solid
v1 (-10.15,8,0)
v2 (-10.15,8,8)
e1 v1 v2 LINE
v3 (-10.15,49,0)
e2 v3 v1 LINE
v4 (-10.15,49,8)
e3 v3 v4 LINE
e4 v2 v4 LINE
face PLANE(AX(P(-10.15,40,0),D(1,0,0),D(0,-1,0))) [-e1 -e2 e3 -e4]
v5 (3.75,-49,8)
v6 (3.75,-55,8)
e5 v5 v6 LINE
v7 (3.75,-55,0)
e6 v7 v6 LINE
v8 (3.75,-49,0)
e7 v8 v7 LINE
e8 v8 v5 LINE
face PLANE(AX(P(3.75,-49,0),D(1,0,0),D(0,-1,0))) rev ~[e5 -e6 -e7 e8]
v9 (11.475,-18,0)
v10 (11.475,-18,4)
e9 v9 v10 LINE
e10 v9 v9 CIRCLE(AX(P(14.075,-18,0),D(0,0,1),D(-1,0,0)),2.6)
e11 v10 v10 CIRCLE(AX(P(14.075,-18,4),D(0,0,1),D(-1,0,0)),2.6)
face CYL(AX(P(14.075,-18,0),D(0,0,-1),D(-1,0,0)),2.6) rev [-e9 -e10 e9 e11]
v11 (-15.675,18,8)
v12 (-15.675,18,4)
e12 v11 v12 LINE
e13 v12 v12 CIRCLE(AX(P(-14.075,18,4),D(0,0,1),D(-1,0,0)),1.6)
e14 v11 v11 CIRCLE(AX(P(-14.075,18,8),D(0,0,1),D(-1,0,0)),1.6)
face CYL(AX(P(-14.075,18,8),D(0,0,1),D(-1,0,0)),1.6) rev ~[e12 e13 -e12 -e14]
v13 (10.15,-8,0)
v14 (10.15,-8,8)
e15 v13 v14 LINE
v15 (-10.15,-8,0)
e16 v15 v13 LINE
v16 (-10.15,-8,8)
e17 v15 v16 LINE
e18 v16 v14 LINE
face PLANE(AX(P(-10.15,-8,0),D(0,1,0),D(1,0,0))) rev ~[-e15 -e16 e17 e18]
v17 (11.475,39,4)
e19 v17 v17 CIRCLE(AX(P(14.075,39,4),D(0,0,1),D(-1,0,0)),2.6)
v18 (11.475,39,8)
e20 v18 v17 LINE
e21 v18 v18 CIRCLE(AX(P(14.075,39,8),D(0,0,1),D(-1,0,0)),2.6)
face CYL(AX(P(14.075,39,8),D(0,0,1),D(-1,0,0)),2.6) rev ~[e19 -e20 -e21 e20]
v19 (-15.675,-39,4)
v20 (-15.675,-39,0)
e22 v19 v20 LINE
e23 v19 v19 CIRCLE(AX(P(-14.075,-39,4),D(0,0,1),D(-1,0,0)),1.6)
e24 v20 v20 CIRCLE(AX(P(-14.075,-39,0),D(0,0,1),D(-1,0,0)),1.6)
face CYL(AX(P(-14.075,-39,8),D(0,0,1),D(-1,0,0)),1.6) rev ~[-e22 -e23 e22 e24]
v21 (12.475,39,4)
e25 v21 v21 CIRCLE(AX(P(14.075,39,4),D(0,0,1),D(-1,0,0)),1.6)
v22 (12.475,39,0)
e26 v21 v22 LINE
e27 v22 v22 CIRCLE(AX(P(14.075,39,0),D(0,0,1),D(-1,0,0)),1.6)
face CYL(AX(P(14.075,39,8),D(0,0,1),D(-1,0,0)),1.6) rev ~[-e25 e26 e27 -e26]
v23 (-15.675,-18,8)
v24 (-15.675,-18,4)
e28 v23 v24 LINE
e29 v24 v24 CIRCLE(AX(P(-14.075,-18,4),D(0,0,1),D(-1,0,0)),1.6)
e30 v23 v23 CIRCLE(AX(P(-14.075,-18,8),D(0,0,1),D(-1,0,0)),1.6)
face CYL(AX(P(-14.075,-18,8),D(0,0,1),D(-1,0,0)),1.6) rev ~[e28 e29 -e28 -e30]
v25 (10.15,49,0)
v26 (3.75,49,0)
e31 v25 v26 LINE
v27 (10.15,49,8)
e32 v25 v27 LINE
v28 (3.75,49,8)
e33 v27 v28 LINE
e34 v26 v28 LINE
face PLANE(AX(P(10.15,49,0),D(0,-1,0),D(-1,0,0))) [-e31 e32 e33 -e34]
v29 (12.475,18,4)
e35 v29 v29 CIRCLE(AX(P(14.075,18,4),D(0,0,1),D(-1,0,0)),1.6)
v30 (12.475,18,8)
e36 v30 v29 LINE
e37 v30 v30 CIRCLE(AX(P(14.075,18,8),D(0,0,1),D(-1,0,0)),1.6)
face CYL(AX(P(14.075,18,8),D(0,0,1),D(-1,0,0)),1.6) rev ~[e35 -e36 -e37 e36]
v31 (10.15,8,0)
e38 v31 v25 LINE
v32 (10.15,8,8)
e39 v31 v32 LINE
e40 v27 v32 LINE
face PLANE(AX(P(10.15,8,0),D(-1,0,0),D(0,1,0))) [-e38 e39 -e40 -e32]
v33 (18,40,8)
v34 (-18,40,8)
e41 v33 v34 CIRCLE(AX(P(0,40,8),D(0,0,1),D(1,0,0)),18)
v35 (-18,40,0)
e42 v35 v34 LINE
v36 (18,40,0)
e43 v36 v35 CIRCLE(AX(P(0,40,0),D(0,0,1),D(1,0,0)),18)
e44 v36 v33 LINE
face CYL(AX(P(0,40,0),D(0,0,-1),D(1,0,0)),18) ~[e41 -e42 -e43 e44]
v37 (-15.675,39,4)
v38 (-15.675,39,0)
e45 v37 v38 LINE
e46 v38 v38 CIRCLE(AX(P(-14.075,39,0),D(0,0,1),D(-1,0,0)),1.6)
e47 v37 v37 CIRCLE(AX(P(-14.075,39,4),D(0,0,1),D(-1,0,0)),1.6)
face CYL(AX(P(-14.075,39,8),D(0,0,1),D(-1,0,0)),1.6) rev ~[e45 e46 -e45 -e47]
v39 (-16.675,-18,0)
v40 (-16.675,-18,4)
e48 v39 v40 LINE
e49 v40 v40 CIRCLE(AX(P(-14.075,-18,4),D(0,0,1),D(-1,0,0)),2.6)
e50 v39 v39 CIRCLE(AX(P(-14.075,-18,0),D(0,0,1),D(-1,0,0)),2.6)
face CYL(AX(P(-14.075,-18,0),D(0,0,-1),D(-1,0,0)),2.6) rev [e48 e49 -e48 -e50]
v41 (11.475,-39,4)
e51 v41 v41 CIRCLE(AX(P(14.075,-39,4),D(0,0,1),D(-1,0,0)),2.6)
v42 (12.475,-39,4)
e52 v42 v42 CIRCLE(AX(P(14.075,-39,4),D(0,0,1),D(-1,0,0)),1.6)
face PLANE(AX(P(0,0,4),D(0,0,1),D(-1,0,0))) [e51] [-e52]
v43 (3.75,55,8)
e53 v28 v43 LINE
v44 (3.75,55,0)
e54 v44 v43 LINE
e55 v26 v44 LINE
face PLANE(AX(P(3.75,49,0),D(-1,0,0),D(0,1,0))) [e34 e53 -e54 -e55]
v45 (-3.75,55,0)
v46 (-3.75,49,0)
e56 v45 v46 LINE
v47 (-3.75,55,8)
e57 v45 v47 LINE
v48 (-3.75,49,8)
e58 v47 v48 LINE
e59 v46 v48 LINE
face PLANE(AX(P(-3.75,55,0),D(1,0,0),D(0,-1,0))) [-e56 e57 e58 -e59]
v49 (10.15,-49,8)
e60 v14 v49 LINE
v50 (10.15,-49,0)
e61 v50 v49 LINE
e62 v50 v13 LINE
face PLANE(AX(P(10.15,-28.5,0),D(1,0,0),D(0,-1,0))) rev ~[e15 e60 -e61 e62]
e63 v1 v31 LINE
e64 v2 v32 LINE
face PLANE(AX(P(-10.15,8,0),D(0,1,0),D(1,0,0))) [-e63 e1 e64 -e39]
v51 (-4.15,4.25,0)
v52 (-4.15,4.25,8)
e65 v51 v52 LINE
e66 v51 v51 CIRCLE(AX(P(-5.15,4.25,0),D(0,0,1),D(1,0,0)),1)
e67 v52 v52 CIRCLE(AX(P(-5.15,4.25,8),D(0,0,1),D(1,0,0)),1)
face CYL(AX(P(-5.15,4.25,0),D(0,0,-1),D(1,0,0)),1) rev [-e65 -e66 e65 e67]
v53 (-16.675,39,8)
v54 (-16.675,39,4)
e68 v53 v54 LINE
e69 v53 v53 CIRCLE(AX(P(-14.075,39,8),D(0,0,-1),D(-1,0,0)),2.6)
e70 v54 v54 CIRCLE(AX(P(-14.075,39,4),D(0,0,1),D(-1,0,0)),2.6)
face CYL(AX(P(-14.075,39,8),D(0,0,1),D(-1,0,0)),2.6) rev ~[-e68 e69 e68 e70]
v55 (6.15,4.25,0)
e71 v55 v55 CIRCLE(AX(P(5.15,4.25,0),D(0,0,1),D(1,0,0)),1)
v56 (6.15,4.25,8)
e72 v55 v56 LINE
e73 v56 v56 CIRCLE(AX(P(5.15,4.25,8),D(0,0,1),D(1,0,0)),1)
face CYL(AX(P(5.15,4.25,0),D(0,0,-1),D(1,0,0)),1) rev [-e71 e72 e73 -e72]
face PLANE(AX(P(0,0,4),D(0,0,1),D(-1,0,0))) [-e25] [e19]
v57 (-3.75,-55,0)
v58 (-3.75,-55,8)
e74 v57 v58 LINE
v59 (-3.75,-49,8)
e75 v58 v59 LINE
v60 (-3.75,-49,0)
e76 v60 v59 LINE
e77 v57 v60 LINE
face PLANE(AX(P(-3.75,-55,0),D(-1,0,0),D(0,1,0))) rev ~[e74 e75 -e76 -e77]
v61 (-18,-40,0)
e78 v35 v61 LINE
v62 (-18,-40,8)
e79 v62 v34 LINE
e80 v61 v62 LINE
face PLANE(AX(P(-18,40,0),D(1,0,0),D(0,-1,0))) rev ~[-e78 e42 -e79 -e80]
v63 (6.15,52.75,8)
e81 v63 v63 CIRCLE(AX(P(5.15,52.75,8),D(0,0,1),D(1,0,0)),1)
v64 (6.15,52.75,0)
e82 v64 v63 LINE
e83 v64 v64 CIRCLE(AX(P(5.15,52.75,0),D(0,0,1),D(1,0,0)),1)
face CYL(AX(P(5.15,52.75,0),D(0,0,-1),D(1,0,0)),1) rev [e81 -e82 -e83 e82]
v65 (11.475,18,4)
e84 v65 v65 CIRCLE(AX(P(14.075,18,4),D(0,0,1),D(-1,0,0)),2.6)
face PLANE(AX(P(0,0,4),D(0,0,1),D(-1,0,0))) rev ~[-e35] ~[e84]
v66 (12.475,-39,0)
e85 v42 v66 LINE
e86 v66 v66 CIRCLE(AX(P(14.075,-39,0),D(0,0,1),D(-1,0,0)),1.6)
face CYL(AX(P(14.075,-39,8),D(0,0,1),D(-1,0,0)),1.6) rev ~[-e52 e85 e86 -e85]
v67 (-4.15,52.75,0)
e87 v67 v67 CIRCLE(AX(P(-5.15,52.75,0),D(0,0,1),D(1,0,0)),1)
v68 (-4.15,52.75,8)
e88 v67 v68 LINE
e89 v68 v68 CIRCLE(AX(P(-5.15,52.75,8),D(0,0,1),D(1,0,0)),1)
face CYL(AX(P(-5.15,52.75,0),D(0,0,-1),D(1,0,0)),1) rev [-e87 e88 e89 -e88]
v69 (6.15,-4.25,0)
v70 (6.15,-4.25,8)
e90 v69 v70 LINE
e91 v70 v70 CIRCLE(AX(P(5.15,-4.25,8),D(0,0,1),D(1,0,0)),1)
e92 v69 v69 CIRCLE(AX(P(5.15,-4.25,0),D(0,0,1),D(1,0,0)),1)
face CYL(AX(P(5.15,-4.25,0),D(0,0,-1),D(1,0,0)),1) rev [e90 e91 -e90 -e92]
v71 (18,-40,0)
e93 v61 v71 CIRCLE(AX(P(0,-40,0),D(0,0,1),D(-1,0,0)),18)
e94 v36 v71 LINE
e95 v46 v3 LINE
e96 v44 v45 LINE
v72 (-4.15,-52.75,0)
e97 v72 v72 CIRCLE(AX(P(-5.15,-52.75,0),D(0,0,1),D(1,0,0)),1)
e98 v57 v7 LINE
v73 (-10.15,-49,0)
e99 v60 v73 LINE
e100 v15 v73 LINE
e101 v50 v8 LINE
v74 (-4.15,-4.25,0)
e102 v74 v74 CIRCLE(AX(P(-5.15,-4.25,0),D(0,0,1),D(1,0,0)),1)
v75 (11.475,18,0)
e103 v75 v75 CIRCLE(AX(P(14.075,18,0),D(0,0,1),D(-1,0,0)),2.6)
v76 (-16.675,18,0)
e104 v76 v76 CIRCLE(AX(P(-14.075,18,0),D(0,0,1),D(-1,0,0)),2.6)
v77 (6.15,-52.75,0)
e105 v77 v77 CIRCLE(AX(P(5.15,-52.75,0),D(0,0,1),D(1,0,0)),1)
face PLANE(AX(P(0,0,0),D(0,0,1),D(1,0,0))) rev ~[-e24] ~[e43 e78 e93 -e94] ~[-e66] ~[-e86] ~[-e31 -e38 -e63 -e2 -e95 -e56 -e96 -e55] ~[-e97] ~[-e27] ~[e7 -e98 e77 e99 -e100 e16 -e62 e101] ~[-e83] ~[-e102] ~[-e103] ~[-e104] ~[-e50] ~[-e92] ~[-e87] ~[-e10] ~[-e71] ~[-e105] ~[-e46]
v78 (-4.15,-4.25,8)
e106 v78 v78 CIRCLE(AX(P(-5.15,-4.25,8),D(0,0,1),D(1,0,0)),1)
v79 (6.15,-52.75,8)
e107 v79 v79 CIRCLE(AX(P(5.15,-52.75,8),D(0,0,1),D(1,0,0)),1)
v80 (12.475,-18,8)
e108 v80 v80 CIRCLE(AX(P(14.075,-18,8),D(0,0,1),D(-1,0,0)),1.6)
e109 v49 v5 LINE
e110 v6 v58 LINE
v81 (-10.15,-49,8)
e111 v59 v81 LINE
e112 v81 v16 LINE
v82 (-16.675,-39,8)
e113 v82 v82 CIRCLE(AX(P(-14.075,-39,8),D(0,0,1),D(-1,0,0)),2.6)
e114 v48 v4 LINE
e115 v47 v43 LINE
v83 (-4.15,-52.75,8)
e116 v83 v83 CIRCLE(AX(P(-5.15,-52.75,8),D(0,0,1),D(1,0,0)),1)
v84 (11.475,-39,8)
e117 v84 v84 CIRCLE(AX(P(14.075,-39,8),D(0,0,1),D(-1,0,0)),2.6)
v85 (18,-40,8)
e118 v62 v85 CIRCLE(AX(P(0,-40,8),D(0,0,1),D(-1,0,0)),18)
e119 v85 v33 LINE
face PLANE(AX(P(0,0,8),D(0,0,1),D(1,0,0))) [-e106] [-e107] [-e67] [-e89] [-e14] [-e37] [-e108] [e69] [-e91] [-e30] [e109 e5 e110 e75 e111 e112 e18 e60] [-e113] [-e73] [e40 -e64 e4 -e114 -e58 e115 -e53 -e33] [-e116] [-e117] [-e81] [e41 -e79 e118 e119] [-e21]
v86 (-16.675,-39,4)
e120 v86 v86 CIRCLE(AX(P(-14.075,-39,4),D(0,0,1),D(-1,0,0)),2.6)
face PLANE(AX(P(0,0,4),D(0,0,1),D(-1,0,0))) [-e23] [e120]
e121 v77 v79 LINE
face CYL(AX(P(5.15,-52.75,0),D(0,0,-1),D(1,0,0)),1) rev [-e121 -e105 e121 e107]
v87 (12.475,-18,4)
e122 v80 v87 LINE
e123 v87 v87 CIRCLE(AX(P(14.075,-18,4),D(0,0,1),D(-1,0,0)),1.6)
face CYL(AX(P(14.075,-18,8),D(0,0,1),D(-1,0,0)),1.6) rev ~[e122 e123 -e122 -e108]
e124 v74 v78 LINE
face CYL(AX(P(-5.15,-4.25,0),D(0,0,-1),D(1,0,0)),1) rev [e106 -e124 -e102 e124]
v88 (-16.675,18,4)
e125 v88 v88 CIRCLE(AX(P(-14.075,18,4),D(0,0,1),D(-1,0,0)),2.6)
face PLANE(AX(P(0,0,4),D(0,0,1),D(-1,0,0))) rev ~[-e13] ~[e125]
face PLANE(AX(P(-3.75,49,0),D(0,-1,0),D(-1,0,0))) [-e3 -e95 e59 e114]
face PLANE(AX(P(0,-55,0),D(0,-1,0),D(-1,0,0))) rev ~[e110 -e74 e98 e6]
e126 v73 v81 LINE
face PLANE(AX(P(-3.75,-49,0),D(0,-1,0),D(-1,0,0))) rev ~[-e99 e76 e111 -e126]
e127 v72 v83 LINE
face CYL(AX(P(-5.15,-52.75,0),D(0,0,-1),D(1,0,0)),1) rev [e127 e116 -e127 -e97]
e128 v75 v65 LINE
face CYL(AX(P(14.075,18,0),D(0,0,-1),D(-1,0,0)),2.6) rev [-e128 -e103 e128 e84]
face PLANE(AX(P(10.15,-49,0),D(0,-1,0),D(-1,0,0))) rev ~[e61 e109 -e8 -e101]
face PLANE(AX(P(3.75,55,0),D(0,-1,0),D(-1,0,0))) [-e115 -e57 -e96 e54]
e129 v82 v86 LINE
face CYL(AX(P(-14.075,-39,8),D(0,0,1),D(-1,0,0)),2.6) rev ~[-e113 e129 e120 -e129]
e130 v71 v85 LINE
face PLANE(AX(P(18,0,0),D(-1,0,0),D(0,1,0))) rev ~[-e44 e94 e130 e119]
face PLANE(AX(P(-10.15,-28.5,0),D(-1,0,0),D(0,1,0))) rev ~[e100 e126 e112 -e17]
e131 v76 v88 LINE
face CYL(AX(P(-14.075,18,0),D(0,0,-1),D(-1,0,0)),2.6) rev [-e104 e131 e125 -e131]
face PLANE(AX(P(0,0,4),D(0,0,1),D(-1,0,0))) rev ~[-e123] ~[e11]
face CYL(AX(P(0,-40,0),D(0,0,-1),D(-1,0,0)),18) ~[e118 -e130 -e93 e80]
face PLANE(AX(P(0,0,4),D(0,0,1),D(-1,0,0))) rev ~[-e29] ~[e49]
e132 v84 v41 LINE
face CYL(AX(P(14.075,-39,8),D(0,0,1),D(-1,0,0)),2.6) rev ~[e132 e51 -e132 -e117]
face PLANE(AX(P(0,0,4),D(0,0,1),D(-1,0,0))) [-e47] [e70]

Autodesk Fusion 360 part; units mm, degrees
sketch "Sketch1" plane through (0, 0, 0) normal (0, 0, 1) x (1, 0, 0)
  line L0 (18, 0) -> (18, 40)
  line L1 (18, 40) -> (-18, 40)
  line L2 (-18, 40) -> (-18, 0)
  arc A0 (18, 40) -> (-18, 40) centre (0, 40) ccw
  line L3 (-10.15, 8) -> (10.15, 8)
  line L4 (10.15, 8) -> (10.15, 49)
  line L5 (-10.15, 49) -> (-10.15, 8)
  line L6 (3.75, 49) -> (3.75, 55)
  line L7 (3.75, 55) -> (-3.75, 55)
  line L8 (-3.75, 55) -> (-3.75, 49)
  line L9 (10.15, 49) -> (3.75, 49)
  line L10 (-3.75, 49) -> (-10.15, 49)
  circle A1 centre (5.15, 52.75) radius 1
  line L11 (0, 55) -> (0, 40)
  line L12 (10.15, 28.5) -> (-10.15, 28.5)
  circle A2 centre (-5.15, 52.75) radius 1
  circle A3 centre (-5.15, 4.25) radius 1
  circle A4 centre (5.15, 4.25) radius 1
  line L13 (-18, 0) -> (18, 0)
  circle A5 centre (-5.15, -52.75) radius 1
  circle A6 centre (5.15, -4.25) radius 1
  line L14 (-10.15, -8) -> (10.15, -8)
  line L15 (18, 0) -> (18, -40)
  circle A7 centre (5.15, -52.75) radius 1
  line L16 (-10.15, -49) -> (-10.15, -8)
  circle A8 centre (-5.15, -4.25) radius 1
  line L17 (0, -55) -> (0, -40)
  line L18 (3.75, -49) -> (3.75, -55)
  line L19 (18, -40) -> (-18, -40)
  line L20 (-3.75, -55) -> (-3.75, -49)
  line L21 (10.15, -28.5) -> (-10.15, -28.5)
  line L22 (10.15, -8) -> (10.15, -49)
  line L23 (3.75, -55) -> (-3.75, -55)
  line L24 (10.15, -49) -> (3.75, -49)
  line L25 (-18, -40) -> (-18, 0)
  line L26 (-3.75, -49) -> (-10.15, -49)
  arc A9 (-18, -40) -> (18, -40) centre (0, -40) ccw
  point P0 (0, 40)
  point P1 (0, 8)
  point P2 (0, 55)
  point P3 (0, -55)
  point P4 (0, -8)
  point P5 (0, -40)
  dimension "d1" = 40
  dimension "d2" = 36
  dimension "d3" = 41
  dimension "d4" = 20.3
  dimension "d5" = 7.5
  dimension "d6" = 6
  dimension "d7" = 2
  dimension "d8" = 5
  dimension "d9" = 3.75
  dimension "d10" = 15
extrude "Extrude1" add sketch "Sketch1" along normal blind 8 contours L0 L1 L2 L3 L4 L5 L13 | L13 L14 L15 L16 L19 L22 L25 | L1 A0 L4 L5 L6 L7 L8 L9 L10 | L16 L18 L19 L20 L22 L23 L24 L26 A9
sketch "Sketch2" plane through (0, 0, 8) normal (0, 0, 1) x (-1, 0, 0)
  circle A0 centre (-5.15, -4.25) radius 1
  circle A1 centre (-5.15, -52.75) radius 1
  circle A2 centre (5.15, -52.75) radius 1
  line L0 (10.15, -49) -> (3.75, -49)
  line L1 (3.75, -49) -> (3.75, -55)
  line L2 (3.75, -55) -> (-3.75, -55)
  line L3 (-3.75, -55) -> (-3.75, -49)
  line L4 (-3.75, -49) -> (-10.15, -49)
  line L5 (-10.15, -49) -> (-10.15, -8)
  line L6 (-10.15, -8) -> (10.15, -8)
  line L7 (10.15, -8) -> (10.15, -49)
  circle A3 centre (5.15, -4.25) radius 1
  line L8 (-18, 40) -> (-18, -40)
  arc A4 (-18, -40) -> (18, -40) centre (0, -40) ccw
  line L9 (18, -40) -> (18, 40)
  circle A5 centre (14.075, -39) radius 1.6
  circle A6 centre (14.075, -39) radius 2.6
  line L10 (18, -39) -> (10.15, -39)
  line L11 (0, -55) -> (0, -8)
  line L12 (10.15, -28.5) -> (-10.15, -28.5)
  circle A7 centre (14.075, -18) radius 2.6
  circle A8 centre (14.075, -18) radius 1.6
  circle A9 centre (-14.075, -39) radius 1.6
  circle A10 centre (-14.075, -39) radius 2.6
  circle A11 centre (-14.075, -18) radius 1.6
  circle A12 centre (-14.075, -18) radius 2.6
  circle A13 centre (-5.15, 52.75) radius 1
  line L13 (3.75, 55) -> (3.75, 49)
  line L14 (3.75, 49) -> (10.15, 49)
  line L15 (10.15, 49) -> (10.15, 8)
  line L16 (10.15, 8) -> (-10.15, 8)
  line L17 (-10.15, 8) -> (-10.15, 49)
  line L18 (-10.15, 49) -> (-3.75, 49)
  line L19 (-3.75, 49) -> (-3.75, 55)
  line L20 (-3.75, 55) -> (3.75, 55)
  circle A14 centre (5.15, 52.75) radius 1
  circle A15 centre (5.15, 4.25) radius 1
  circle A16 centre (-5.15, 4.25) radius 1
  arc A17 (18, 40) -> (-18, 40) centre (0, 40) ccw
  line L21 (18, 0) -> (-18, 0)
  circle A18 centre (14.075, 18) radius 2.6
  circle A19 centre (14.075, 18) radius 1.6
  circle A20 centre (14.075, 39) radius 1.6
  circle A21 centre (14.075, 39) radius 2.6
  circle A22 centre (-14.075, 39) radius 1.6
  circle A23 centre (-14.075, 39) radius 2.6
  circle A24 centre (-14.075, 18) radius 1.6
  circle A25 centre (-14.075, 18) radius 2.6
  point P0 (14.075, -39)
  dimension "d25" = 3.2
  dimension "d26" = 5.2
  dimension "d28" = 10
extrude "Extrude2" cut sketch "Sketch2" against normal up to surface (8 mm away) contours A5 L10 | A5 L10 | A8 | A9 | A11 | A19 | A20 | A22 | A24
extrude "Extrude3" cut sketch "Sketch2" against normal blind 4 contours A5 A6 L10 | A5 A6 L10 | A10 | A21 | A23
sketch "Sketch3" plane through (0, 0, 0) normal (0, 0, 1) x (-1, 0, 0)
  circle A0 centre (-14.075, -18) radius 1.6
  circle A1 centre (14.075, 18) radius 1.6
  circle A2 centre (14.075, -18) radius 1.6
  circle A3 centre (-14.075, 18) radius 1.6
  circle A4 centre (-14.075, -39) radius 1.6
  circle A5 centre (14.075, 39) radius 1.6
  circle A6 centre (14.075, -39) radius 1.6
  circle A7 centre (-14.075, 39) radius 1.6
  circle A8 centre (-5.15, -4.25) radius 1
  circle A9 centre (-5.15, -52.75) radius 1
  circle A10 centre (-5.15, 52.75) radius 1
  circle A11 centre (5.15, -4.25) radius 1
  line L0 (3.75, 49) -> (3.75, 55)
  line L1 (3.75, 55) -> (-3.75, 55)
  line L2 (-3.75, 55) -> (-3.75, 49)
  line L3 (-3.75, 49) -> (-10.15, 49)
  line L4 (-10.15, 49) -> (-10.15, 8)
  line L5 (-10.15, 8) -> (10.15, 8)
  line L6 (10.15, 8) -> (10.15, 49)
  line L7 (10.15, 49) -> (3.75, 49)
  circle A12 centre (5.15, -52.75) radius 1
  circle A13 centre (5.15, 52.75) radius 1
  circle A14 centre (5.15, 4.25) radius 1
  circle A15 centre (-5.15, 4.25) radius 1
  line L8 (3.75, -49) -> (10.15, -49)
  line L9 (10.15, -49) -> (10.15, -8)
  line L10 (10.15, -8) -> (-10.15, -8)
  line L11 (-10.15, -8) -> (-10.15, -49)
  line L12 (-10.15, -49) -> (-3.75, -49)
  line L13 (-3.75, -49) -> (-3.75, -55)
  line L14 (-3.75, -55) -> (3.75, -55)
  line L15 (3.75, -55) -> (3.75, -49)
  line L16 (-18, -40) -> (-18, 40)
  arc A16 (18, 40) -> (-18, 40) centre (0, 40) ccw
  line L17 (18, 40) -> (18, -40)
  arc A17 (-18, -40) -> (18, -40) centre (0, -40) ccw
  circle A18 centre (-14.075, -18) radius 2.6
  circle A19 centre (-14.075, 18) radius 2.6
  circle A20 centre (14.075, 18) radius 2.6
  circle A21 centre (14.075, -18) radius 2.6
extrude "Extrude4" cut sketch "Sketch3" along normal blind 4 contours A18 | A19 | A20 | A21
